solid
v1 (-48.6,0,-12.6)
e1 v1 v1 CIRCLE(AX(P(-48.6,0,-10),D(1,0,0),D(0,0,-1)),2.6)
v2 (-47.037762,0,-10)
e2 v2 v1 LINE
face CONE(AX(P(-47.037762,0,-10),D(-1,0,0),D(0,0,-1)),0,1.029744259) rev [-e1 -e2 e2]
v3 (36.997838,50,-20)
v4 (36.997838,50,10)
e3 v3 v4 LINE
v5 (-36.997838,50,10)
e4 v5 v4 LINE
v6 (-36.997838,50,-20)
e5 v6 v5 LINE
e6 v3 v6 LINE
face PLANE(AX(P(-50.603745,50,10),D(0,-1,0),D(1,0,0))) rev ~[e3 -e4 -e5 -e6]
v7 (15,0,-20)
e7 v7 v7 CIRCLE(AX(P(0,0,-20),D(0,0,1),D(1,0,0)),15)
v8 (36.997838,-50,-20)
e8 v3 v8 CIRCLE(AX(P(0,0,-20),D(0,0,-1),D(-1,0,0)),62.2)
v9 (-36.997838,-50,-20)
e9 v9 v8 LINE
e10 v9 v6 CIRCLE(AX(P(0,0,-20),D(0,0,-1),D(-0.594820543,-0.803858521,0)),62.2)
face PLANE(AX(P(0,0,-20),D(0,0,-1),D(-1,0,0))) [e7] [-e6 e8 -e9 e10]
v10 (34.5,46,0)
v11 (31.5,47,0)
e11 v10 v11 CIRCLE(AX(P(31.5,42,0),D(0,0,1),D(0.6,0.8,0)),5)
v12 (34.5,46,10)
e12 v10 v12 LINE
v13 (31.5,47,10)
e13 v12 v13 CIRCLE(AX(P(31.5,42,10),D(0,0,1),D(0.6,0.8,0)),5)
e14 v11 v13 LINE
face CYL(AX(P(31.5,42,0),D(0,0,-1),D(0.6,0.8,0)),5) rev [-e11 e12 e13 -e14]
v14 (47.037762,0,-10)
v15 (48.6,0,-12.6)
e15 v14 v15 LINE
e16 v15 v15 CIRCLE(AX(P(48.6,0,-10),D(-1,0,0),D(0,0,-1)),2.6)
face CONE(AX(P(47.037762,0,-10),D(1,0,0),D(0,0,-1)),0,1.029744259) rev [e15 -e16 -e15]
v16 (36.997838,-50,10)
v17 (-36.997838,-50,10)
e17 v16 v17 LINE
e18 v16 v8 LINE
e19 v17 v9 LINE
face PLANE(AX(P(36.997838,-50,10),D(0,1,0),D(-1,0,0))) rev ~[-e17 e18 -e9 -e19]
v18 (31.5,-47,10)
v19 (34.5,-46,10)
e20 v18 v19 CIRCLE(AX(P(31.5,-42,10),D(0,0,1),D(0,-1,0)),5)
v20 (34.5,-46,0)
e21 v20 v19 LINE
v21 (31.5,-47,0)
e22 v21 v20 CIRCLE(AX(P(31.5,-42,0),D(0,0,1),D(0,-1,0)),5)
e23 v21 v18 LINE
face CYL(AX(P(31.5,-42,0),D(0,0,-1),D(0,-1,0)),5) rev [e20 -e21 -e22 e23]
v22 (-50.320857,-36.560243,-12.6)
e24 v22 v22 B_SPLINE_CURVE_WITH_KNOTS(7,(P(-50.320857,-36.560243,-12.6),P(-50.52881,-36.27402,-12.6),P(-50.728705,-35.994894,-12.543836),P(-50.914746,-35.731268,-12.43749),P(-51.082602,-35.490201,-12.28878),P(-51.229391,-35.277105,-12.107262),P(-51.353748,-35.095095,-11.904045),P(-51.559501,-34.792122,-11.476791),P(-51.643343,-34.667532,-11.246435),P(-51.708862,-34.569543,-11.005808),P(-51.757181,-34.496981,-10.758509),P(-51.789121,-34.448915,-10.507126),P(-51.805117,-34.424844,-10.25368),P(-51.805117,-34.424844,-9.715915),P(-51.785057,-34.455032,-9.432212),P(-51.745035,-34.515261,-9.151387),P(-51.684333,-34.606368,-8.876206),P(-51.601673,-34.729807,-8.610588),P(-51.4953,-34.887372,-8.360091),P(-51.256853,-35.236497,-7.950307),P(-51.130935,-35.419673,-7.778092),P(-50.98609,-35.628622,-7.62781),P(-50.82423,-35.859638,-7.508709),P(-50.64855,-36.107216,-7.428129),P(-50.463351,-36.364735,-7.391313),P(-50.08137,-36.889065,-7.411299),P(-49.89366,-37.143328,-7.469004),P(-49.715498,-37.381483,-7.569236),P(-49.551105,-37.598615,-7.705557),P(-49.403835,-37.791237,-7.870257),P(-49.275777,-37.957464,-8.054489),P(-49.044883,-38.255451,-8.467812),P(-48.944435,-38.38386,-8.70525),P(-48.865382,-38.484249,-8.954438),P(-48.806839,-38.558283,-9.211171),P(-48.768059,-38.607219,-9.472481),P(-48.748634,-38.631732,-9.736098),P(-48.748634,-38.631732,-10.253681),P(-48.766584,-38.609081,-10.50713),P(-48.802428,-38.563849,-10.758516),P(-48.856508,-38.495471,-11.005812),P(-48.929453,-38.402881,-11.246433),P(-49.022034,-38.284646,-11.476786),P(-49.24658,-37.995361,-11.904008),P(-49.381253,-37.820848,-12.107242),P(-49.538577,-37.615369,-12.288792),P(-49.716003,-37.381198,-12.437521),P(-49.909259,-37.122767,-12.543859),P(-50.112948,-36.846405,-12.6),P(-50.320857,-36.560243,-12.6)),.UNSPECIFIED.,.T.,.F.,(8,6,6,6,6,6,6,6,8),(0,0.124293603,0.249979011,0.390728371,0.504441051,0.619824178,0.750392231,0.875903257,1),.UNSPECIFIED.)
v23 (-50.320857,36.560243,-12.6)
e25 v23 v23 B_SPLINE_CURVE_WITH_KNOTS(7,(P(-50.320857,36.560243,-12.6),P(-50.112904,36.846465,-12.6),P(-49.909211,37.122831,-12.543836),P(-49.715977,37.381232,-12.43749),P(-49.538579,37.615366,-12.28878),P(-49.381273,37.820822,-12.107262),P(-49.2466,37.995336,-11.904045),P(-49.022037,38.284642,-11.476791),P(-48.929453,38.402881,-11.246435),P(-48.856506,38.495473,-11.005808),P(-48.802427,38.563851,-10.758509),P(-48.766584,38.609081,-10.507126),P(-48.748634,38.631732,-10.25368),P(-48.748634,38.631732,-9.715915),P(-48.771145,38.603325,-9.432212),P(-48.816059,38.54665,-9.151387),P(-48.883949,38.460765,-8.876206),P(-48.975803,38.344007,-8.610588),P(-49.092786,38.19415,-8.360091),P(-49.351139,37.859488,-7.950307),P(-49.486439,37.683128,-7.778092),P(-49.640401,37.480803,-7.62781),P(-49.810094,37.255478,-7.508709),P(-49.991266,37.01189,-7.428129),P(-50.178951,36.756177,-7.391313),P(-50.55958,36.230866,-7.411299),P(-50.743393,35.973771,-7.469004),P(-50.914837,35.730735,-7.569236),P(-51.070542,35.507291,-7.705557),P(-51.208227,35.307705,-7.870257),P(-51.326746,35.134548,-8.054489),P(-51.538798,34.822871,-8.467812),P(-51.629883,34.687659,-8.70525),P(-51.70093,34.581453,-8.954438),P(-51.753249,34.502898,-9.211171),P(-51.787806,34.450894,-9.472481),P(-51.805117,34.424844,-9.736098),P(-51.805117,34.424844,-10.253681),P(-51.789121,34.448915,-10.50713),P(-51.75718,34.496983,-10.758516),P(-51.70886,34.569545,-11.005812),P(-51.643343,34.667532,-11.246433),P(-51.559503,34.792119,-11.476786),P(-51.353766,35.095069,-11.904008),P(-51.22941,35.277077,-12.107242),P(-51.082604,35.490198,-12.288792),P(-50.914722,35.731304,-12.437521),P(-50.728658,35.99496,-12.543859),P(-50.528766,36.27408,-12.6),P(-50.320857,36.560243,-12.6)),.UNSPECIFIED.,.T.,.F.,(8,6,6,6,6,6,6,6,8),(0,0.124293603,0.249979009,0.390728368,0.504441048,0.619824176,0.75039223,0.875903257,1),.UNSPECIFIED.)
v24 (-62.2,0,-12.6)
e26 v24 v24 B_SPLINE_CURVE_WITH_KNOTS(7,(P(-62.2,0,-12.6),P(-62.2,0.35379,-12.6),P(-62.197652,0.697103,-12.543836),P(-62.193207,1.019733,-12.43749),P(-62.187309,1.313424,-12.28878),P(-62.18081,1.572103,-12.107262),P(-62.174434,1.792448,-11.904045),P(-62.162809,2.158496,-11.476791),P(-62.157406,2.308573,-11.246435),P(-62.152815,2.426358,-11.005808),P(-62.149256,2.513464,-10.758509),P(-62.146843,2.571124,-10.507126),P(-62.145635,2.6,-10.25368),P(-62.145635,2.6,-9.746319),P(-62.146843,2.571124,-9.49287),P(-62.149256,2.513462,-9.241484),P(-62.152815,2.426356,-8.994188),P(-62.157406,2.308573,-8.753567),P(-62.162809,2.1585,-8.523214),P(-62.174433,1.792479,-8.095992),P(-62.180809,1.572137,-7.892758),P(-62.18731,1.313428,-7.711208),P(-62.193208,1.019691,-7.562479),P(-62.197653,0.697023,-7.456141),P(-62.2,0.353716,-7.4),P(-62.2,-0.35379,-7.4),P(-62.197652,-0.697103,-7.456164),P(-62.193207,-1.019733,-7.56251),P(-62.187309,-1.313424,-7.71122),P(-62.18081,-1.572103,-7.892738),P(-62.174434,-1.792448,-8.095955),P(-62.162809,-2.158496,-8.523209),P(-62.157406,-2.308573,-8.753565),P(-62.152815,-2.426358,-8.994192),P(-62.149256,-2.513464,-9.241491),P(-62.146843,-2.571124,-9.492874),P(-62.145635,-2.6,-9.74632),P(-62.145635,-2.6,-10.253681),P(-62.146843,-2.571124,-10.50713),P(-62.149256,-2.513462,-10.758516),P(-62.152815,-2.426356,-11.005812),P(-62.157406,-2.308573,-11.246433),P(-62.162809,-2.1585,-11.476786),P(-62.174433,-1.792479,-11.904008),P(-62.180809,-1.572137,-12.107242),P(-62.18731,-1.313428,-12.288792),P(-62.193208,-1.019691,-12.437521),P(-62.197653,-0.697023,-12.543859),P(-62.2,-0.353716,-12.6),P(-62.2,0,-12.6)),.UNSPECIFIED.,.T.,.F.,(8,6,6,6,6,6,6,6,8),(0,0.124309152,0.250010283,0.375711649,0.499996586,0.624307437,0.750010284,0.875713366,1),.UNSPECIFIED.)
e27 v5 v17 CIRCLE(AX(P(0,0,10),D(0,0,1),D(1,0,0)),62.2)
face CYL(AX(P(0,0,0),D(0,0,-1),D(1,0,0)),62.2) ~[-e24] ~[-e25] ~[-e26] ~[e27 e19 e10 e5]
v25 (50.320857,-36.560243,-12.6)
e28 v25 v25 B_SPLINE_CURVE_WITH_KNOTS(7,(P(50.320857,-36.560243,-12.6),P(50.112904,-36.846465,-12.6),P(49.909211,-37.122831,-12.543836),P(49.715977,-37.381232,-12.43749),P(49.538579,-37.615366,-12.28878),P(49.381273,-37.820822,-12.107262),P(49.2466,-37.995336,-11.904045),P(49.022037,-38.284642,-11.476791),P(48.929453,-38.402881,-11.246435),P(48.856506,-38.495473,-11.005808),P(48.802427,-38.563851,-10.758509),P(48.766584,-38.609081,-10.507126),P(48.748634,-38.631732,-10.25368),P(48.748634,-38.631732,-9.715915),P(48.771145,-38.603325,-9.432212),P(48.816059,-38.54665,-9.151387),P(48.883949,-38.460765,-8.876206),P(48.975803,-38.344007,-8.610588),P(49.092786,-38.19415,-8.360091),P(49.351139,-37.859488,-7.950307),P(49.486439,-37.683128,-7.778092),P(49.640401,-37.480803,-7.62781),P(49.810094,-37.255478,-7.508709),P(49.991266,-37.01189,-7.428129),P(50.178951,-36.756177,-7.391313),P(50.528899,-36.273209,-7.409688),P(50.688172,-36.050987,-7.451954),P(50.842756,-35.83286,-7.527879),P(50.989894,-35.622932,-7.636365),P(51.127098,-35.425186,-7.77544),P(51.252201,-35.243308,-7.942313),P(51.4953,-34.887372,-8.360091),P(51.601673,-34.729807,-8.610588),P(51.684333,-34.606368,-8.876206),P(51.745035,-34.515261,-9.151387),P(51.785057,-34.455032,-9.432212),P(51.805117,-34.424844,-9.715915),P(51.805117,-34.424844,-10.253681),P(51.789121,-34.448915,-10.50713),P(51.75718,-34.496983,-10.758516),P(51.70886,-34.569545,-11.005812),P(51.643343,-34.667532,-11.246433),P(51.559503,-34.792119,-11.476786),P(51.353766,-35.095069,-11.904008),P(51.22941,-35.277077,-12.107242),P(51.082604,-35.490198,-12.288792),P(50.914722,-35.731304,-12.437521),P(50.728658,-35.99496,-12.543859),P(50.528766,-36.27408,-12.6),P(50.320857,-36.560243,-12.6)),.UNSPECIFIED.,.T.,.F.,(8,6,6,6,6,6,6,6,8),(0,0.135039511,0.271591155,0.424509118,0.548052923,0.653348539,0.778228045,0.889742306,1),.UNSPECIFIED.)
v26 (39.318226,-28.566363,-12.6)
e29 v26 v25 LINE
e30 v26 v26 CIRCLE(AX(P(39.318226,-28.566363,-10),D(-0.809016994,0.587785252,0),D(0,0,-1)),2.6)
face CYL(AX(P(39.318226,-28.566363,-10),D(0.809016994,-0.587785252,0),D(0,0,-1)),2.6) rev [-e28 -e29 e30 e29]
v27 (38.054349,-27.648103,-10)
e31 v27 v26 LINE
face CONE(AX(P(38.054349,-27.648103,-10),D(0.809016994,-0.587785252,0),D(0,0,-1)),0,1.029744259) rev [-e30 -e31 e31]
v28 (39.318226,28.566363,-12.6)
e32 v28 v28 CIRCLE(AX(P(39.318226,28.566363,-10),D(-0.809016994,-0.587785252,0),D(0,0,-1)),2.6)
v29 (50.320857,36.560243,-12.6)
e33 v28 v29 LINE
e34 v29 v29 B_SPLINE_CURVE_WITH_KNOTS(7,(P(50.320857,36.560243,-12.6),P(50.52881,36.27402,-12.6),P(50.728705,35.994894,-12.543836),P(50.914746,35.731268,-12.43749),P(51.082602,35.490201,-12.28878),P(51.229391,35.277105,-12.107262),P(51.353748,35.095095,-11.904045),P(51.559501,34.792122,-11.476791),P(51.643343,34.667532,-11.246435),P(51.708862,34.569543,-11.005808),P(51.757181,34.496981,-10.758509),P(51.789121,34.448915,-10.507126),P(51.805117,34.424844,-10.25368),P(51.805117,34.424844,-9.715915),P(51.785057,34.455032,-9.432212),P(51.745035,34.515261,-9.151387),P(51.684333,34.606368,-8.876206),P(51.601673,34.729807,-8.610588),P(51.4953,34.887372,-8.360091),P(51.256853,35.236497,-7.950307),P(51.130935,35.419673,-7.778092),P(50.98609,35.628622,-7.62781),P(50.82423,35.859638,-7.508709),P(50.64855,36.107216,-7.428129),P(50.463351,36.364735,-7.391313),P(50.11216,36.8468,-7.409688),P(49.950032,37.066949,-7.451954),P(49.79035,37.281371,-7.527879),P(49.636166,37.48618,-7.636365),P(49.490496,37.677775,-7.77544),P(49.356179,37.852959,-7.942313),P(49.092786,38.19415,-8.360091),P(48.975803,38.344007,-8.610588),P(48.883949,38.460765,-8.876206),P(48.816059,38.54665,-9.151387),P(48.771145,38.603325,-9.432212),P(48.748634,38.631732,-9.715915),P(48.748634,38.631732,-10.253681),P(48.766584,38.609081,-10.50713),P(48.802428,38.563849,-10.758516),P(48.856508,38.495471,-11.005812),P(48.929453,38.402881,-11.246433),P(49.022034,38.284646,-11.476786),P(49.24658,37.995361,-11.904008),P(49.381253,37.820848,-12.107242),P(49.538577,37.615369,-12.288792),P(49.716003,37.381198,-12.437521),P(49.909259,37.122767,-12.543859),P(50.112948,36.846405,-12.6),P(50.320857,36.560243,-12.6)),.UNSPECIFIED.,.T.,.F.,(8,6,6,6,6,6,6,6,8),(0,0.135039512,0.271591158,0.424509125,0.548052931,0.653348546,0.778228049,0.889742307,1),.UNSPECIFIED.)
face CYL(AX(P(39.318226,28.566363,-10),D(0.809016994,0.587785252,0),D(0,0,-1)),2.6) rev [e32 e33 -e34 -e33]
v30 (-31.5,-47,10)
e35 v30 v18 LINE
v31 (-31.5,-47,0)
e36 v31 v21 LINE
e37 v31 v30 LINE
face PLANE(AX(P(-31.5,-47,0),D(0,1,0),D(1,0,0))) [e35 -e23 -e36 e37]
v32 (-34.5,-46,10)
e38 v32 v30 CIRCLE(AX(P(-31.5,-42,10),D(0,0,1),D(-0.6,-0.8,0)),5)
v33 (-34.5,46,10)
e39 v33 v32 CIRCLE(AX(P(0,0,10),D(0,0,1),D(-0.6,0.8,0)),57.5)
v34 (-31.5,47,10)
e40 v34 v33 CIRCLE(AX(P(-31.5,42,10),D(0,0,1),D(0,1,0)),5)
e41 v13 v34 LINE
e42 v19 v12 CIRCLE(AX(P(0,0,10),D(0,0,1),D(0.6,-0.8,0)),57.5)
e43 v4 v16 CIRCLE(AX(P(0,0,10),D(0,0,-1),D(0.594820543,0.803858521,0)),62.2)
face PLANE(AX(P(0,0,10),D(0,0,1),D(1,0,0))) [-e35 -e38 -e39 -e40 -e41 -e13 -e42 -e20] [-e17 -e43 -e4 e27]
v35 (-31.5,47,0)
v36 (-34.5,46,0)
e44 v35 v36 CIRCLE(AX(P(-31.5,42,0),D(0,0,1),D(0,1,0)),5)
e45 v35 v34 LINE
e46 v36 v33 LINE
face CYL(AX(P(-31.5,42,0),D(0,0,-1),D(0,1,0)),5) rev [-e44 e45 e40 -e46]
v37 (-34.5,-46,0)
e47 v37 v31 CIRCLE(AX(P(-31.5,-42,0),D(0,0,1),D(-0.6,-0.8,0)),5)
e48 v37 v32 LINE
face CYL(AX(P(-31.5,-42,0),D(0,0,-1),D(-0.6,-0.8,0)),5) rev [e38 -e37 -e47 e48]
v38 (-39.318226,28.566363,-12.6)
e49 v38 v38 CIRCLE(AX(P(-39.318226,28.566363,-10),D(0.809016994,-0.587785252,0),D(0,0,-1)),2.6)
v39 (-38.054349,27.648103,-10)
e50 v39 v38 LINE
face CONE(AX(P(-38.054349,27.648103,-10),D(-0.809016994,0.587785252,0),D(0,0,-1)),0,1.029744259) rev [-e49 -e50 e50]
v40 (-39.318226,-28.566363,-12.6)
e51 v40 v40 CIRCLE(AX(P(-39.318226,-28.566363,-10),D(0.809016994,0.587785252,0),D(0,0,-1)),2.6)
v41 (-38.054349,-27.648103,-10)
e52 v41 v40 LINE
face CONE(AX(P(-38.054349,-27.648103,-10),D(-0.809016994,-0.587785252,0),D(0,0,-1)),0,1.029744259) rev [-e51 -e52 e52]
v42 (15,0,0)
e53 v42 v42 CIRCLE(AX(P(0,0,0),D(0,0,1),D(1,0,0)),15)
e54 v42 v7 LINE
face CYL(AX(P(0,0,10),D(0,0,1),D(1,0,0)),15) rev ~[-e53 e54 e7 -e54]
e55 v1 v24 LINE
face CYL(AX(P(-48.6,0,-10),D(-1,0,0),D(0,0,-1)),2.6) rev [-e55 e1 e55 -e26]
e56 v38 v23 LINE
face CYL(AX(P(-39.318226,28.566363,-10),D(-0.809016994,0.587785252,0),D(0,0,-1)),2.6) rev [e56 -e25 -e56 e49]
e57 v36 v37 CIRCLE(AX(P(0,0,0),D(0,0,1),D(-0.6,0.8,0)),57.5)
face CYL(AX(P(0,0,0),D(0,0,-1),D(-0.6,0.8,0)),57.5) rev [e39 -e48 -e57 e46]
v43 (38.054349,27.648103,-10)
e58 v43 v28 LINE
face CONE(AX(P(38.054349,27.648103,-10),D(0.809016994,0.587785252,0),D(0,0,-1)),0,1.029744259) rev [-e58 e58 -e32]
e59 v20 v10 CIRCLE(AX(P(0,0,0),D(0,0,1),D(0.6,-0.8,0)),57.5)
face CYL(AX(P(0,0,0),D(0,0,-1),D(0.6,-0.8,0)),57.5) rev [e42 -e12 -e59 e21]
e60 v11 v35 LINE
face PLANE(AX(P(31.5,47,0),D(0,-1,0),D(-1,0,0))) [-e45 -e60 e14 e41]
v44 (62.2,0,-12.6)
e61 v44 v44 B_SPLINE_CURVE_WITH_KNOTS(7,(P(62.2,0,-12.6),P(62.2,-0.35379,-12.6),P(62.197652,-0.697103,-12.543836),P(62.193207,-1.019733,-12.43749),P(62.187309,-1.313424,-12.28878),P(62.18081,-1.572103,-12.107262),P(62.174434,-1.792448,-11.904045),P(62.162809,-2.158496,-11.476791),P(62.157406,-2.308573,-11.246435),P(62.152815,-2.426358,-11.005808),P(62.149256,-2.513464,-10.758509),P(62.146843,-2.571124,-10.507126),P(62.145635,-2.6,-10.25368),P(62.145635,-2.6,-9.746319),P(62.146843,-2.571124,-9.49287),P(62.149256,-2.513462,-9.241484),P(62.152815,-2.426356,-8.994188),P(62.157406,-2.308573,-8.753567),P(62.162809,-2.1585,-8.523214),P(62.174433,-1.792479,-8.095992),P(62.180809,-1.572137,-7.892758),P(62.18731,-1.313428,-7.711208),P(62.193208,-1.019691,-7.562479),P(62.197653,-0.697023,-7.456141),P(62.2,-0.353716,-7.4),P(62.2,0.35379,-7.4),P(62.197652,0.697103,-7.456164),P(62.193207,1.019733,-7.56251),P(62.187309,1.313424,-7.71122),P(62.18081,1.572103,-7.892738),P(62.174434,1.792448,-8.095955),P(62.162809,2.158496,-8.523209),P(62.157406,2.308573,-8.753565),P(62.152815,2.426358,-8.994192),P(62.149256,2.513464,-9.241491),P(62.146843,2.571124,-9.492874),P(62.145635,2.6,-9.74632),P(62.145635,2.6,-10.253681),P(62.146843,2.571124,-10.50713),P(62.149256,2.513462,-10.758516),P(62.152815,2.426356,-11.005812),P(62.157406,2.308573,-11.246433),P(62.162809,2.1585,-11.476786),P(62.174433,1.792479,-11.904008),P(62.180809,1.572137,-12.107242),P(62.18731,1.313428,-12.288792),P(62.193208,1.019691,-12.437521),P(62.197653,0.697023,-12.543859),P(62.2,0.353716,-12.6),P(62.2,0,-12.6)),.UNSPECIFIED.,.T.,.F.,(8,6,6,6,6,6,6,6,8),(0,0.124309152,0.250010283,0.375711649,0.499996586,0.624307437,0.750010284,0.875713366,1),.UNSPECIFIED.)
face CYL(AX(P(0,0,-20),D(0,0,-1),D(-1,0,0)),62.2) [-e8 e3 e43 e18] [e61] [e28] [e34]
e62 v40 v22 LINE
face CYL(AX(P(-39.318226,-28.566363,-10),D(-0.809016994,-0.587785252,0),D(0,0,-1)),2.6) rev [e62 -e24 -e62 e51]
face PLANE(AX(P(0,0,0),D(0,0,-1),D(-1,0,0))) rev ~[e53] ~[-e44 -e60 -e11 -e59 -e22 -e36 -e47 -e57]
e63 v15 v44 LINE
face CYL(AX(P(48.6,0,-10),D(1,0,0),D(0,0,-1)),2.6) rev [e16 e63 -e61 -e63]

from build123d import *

# Parameters (mm, degrees)
IZIM1_R                     = 62.2
Y_KSEKLIK_EKSTR_ZYON3_DEPTH = 10
Y_KSEKLIK_EKSTR_ZYON4_START = 20
IZIM2_R                     = 62.2
Y_KSEKLIK_EKSTR_ZYON4_DEPTH = 20
IZIM12_R                    = 15
KES_EKSTR_ZYON1_DEPTH       = 93.939119858
DAIRESEL_KAPLAMA1_COUNT     = 10


with BuildPart() as part:
    # Çizim1 → Yükseklik-Ekstrüzyon3 (new body)
    with BuildSketch(Plane.XY):
        Circle(IZIM1_R)
        with BuildLine():
            Line((31.5, 47), (-31.5, 47))
            ThreePointArc((-31.5, 47), (-33.08113883, 46.74341649), (-34.5, 46))
            ThreePointArc((-34.5, 46), (-57.5, 0), (-34.5, -46))
            ThreePointArc((-34.5, -46), (-33.08113883, -46.74341649), (-31.5, -47))
            Line((-31.5, -47), (31.5, -47))
            ThreePointArc((31.5, -47), (33.08113883, -46.74341649), (34.5, -46))
            ThreePointArc((34.5, -46), (57.5, 0), (34.5, 46))
            ThreePointArc((34.5, 46), (33.08113883, 46.74341649), (31.5, 47))
        make_face(mode=Mode.SUBTRACT)
    extrude(amount=Y_KSEKLIK_EKSTR_ZYON3_DEPTH)

    # Çizim2 → Yükseklik-Ekstrüzyon4 (add)
    with BuildSketch(Plane(origin=(0, 0, 0), x_dir=(-1, 0, 0), z_dir=(0, 0, -1)).offset(Y_KSEKLIK_EKSTR_ZYON4_START)):
        Circle(IZIM2_R)
    extrude(amount=-Y_KSEKLIK_EKSTR_ZYON4_DEPTH)

    # Çizim12 → Kes-Ekstrüzyon1 (cut, through all)
    with BuildSketch(Plane.XY.offset(10)):
        Circle(IZIM12_R)
        Polygon((-50.603744818, 50), (50.603744818, 50), (-3.038589064, 77.096458803), align=None)
        Polygon((36.997837775, -50), (-36.997837775, -50), (-1.176281375, -79.482501569), align=None)
    extrude(amount=-KES_EKSTR_ZYON1_DEPTH, mode=Mode.SUBTRACT)

    # Çizim15 → M5x0.8 Helisarmal İçin Dişli Delik1 (revolve, cut)
    with BuildSketch(Plane(origin=(62.2, 0, -10), x_dir=(0, 0, -1), z_dir=(0, 1, 0))):
        Polygon((0, 0), (0, 15.162237609), (2.6, 13.6), (2.6, 0), align=None)
    m5x0_8_helisarmal_in_di_li_delik1 = revolve(axis=Axis((68.55, 0, -10), (-1, 0, 0)), mode=Mode.SUBTRACT)

    # Dairesel Kaplama1: M5x0.8 Helisarmal İçin Dişli Delik1 ×10 about axis, 4 skipped
    dairesel_kaplama1_axis = Axis((0, 0, 10), (0, 0, 1))
    add([m5x0_8_helisarmal_in_di_li_delik1.rotate(dairesel_kaplama1_axis, i * 360 / DAIRESEL_KAPLAMA1_COUNT) for i in range(1, DAIRESEL_KAPLAMA1_COUNT) if i not in (2, 3, 7, 8)], mode=Mode.SUBTRACT)


solid = part.part
